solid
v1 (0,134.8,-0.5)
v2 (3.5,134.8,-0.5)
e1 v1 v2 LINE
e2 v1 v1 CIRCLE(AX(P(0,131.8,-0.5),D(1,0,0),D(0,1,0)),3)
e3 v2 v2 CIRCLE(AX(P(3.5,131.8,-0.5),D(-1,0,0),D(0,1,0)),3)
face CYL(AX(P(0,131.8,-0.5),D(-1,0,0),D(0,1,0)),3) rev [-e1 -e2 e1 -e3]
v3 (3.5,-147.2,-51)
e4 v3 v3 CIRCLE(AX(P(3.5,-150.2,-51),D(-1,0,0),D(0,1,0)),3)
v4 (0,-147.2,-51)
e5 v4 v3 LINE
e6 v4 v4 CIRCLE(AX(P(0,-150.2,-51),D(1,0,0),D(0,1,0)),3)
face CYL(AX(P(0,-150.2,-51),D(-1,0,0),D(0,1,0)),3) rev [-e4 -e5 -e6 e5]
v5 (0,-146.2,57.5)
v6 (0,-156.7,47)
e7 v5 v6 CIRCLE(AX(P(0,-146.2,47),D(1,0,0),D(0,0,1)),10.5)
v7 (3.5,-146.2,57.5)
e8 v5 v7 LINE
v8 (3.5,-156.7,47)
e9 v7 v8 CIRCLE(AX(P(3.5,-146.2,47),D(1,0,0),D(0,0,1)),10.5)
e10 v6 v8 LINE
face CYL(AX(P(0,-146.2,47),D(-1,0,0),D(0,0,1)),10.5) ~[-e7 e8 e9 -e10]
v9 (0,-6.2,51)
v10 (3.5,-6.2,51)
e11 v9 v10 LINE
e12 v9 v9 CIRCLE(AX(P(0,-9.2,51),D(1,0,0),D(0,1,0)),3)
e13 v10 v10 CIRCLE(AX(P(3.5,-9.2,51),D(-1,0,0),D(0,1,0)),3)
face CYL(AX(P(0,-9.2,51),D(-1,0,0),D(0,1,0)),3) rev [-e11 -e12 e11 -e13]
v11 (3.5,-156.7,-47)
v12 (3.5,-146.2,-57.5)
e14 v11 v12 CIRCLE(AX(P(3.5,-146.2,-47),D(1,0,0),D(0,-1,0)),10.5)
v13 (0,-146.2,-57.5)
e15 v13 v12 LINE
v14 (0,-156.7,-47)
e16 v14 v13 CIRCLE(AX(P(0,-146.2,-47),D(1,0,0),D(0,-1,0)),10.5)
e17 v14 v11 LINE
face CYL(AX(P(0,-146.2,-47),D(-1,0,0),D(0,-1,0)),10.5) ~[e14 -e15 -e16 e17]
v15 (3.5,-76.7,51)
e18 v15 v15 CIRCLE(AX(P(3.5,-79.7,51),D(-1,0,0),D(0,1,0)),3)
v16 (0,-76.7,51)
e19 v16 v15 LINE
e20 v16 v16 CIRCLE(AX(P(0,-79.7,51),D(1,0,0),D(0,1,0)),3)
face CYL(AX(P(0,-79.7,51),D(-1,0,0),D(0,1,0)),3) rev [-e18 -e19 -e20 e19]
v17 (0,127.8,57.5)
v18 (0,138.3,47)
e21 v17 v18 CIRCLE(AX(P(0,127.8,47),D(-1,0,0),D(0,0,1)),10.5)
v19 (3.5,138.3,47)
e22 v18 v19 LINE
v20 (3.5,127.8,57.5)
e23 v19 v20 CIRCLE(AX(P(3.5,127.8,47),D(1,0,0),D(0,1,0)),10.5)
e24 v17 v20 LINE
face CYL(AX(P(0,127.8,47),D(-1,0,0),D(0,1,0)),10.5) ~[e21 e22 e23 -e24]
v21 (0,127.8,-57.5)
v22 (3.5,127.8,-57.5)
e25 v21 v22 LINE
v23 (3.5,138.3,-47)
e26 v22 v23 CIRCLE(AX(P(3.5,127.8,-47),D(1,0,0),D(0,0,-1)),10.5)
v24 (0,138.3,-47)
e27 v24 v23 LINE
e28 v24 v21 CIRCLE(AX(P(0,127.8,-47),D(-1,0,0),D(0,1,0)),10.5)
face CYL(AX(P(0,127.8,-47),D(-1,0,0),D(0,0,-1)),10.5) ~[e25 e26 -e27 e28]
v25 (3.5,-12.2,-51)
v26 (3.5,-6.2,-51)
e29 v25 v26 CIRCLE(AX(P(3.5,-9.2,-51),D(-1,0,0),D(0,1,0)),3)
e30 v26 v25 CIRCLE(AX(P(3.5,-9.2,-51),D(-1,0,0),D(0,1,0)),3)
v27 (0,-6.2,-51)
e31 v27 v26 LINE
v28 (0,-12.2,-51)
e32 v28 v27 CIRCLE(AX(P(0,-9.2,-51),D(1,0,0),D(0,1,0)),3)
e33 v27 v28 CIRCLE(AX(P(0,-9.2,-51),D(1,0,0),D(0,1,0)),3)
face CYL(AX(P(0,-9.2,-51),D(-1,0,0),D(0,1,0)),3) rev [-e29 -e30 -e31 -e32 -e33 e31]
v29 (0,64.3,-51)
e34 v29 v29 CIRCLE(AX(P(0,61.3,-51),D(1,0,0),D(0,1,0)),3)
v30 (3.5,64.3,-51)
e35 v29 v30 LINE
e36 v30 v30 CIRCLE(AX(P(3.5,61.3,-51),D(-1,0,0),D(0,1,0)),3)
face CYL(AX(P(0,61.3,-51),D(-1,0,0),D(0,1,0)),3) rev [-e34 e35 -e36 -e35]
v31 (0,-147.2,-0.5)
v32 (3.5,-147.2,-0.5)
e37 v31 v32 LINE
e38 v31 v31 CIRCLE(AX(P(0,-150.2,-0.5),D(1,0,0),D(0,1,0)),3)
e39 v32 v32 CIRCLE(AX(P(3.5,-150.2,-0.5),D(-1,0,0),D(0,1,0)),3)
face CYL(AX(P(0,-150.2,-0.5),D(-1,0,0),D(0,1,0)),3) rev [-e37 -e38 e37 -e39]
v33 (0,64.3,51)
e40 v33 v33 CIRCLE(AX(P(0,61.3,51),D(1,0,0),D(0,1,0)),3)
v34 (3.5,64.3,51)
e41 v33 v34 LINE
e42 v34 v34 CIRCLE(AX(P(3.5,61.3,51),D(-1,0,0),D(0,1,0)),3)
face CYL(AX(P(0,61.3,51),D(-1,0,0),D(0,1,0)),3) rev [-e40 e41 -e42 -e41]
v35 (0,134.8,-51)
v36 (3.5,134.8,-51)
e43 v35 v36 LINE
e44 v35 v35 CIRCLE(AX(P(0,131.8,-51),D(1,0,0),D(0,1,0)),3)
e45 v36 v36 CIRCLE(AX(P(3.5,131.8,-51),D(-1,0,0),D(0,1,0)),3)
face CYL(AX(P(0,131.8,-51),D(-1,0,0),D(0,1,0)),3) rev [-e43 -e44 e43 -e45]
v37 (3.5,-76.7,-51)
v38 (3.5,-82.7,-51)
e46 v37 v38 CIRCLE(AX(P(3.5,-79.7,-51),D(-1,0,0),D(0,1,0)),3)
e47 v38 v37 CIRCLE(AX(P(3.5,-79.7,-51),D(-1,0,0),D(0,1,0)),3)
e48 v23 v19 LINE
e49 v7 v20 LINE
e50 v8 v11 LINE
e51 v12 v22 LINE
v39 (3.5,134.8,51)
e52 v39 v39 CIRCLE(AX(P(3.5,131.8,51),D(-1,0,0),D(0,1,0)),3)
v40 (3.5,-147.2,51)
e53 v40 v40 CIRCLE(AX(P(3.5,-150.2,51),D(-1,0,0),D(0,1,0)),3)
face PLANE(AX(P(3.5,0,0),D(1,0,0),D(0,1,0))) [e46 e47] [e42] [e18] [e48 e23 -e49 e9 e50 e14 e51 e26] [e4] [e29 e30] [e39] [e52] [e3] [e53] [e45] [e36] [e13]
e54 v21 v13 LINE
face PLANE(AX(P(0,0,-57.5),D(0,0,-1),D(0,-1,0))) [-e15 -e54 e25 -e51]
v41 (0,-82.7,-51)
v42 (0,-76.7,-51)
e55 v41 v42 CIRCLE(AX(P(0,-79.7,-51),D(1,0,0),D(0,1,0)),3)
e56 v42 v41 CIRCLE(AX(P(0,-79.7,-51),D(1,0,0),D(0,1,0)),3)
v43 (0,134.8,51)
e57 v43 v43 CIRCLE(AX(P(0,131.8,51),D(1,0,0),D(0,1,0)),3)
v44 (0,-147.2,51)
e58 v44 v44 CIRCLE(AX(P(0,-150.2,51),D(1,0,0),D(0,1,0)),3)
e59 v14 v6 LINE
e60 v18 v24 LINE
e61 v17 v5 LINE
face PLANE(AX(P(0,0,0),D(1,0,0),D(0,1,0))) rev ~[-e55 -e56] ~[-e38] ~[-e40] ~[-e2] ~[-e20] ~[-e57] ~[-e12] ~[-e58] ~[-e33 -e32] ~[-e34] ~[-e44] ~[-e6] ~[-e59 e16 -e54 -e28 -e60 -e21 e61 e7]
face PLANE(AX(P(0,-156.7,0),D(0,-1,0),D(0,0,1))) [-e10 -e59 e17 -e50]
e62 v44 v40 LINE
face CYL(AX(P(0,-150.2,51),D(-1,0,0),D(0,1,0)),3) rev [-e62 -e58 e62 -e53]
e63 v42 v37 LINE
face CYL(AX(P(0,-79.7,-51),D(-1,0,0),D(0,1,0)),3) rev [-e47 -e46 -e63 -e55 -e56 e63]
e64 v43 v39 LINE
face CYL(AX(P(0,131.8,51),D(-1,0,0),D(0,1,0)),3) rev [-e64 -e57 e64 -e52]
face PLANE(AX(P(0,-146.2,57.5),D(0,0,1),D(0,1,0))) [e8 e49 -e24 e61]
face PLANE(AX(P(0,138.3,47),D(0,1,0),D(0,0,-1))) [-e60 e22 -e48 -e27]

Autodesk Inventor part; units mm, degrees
sketch "Эскиз1" plane through (0, 0, 0) normal (1, 0, 0) x (0, 1, 0)
  line L0 (-146.2, 57.5) -> (127.8, 57.5)
  line L1 (138.3, 47) -> (138.3, -47)
  line L2 (127.8, -57.5) -> (-146.2, -57.5)
  line L3 (-156.7, -47) -> (-156.7, 47)
  line L4 (-227.1367, 0) -> (250.6977, 0) projected
  arc A0 (-146.2, 57.5) -> (-156.7, 47) centre (-146.2, 47) ccw
  arc A1 (-156.7, -47) -> (-146.2, -57.5) centre (-146.2, -47) ccw
  arc A2 (127.8, -57.5) -> (138.3, -47) centre (127.8, -47) ccw
  arc A3 (138.3, 47) -> (127.8, 57.5) centre (127.8, 47) ccw
  line L5 (-66.5644, 51) -> (182.4356, 51)
  line L6 (131.8, 34) -> (131.8, -35)
  line L7 (182.4356, -51) -> (-66.5644, -51)
  line L8 (-150.2, -35) -> (-150.2, 34)
  circle A4 centre (-79.7, 51) radius 3
  circle A5 centre (-9.2, 51) radius 3
  circle A6 centre (61.3, 51) radius 3
  circle A7 centre (-79.7, -51) radius 3
  circle A8 centre (-9.2, -51) radius 3
  circle A9 centre (61.3, -51) radius 3
  circle A10 centre (131.8, -0.5) radius 3
  circle A11 centre (-150.2, -0.5) radius 3
  line L9 (-150.2, 34) -> (-150.2, 51)
  line L10 (-150.2, 51) -> (-66.5644, 51)
  line L11 (182.4356, 51) -> (131.8, 51)
  line L12 (131.8, 51) -> (131.8, 34)
  line L13 (131.8, -35) -> (131.8, -51)
  line L14 (131.8, -51) -> (181.2224, -51)
  line L15 (-66.5644, -51) -> (-150.2, -51)
  line L16 (-150.2, -36.3739) -> (-150.2, -51)
  circle A12 centre (-150.2, 51) radius 3
  circle A13 centre (-150.2, -51) radius 3
  circle A14 centre (131.8, -51) radius 3
  circle A15 centre (131.8, 51) radius 3
  line L17 (0, -83.5445) -> (0, 83.5445) projected
  point P0 (0, 0)
  dimension "d0" = 115
  dimension "d1" = 295
  dimension "d2" = 10.5
  dimension "d3" = 10.5
  dimension "d7" = 6.5
  dimension "d8" = 6.5
  dimension "d9" = 6.5
  dimension "d10" = 6.5
  dimension "d15" = 6
  dimension "d16" = 6
  dimension "d17" = 6
  dimension "d19" = 6
  dimension "d20" = 6
  dimension "d21" = 6
  dimension "d23" = 6
  dimension "d24" = 6
  dimension "d25" = 70.5
  dimension "d26" = 70.5
  dimension "d27" = 70.5
  dimension "d28" = 6
  dimension "d29" = 6
  dimension "d30" = 6
  dimension "d31" = 6
  dimension "d34" = 70.5
  dimension "d35" = 70.5
  dimension "d36" = 70.5
  dimension "d37" = 138.3
extrude "Выдавливание1" add sketch "Эскиз1" along normal blind 3.5 contours L0 L17 L5 A5 L10 A4 A12 L9 L8 A11 L4 L3 A0 | L0 A3 L5 A15 A6 L17 | L17 L4 A11 L8 L9 A12 L10 A4 L5 A5 | L5 A6 A15 L12 L6 A10 L4 L17 | A13 L16 L15 | L15 L16 A13 | A7 L15 | L15 A7 | A8 L7 | L7 A8 | L4 A11 L17 L2 A1 L3 | A3 L1 L4 A10 L6 L12 A15 L5 | A5 L5 | L5 A5 | A6 L5 | L5 A6 | L4 A10 L6 L13 A14 L7 A9 L17 | A11 L8 L4 | L4 L8 A11 | A15 L12 L5 | L5 A15 | A11 L8 L4 | L4 L8 A11 | A10 L6 L4 | L4 L6 A10 | L7 A9 A14 A2 L2 L17 | L1 A2 L7 A14 L13 L6 A10 L4 | L12 A15 L5 | L6 A10 L4 | L4 A10 L6 | A9 L7 | L7 A9 | L10 A4 | A4 L10 | A12 L10 L9 | L9 L10 A12 | A14 L7 L13 | L13 L7 A14 | L7 A14
extrude "Выдавливание2" cut sketch "Эскиз1" along normal blind 5 contours A13 L16 L15 | L15 L16 A13 | A7 L15 | L15 A7 | A8 L7 | L7 A8 | A5 L5 | L5 A5 | A6 L5 | L5 A6 | A11 L8 L4 | L4 L8 A11 | A15 L12 L5 | L5 A15 | A11 L8 L4 | L4 L8 A11 | A10 L6 L4 | L4 L6 A10 | L12 A15 L5 | L6 A10 L4 | L4 A10 L6 | A9 L7 | L7 A9 | L10 A4 | A4 L10 | A12 L10 L9 | L9 L10 A12 | A14 L7 L13 | L13 L7 A14 | L7 A14
properties part number "крыша"
